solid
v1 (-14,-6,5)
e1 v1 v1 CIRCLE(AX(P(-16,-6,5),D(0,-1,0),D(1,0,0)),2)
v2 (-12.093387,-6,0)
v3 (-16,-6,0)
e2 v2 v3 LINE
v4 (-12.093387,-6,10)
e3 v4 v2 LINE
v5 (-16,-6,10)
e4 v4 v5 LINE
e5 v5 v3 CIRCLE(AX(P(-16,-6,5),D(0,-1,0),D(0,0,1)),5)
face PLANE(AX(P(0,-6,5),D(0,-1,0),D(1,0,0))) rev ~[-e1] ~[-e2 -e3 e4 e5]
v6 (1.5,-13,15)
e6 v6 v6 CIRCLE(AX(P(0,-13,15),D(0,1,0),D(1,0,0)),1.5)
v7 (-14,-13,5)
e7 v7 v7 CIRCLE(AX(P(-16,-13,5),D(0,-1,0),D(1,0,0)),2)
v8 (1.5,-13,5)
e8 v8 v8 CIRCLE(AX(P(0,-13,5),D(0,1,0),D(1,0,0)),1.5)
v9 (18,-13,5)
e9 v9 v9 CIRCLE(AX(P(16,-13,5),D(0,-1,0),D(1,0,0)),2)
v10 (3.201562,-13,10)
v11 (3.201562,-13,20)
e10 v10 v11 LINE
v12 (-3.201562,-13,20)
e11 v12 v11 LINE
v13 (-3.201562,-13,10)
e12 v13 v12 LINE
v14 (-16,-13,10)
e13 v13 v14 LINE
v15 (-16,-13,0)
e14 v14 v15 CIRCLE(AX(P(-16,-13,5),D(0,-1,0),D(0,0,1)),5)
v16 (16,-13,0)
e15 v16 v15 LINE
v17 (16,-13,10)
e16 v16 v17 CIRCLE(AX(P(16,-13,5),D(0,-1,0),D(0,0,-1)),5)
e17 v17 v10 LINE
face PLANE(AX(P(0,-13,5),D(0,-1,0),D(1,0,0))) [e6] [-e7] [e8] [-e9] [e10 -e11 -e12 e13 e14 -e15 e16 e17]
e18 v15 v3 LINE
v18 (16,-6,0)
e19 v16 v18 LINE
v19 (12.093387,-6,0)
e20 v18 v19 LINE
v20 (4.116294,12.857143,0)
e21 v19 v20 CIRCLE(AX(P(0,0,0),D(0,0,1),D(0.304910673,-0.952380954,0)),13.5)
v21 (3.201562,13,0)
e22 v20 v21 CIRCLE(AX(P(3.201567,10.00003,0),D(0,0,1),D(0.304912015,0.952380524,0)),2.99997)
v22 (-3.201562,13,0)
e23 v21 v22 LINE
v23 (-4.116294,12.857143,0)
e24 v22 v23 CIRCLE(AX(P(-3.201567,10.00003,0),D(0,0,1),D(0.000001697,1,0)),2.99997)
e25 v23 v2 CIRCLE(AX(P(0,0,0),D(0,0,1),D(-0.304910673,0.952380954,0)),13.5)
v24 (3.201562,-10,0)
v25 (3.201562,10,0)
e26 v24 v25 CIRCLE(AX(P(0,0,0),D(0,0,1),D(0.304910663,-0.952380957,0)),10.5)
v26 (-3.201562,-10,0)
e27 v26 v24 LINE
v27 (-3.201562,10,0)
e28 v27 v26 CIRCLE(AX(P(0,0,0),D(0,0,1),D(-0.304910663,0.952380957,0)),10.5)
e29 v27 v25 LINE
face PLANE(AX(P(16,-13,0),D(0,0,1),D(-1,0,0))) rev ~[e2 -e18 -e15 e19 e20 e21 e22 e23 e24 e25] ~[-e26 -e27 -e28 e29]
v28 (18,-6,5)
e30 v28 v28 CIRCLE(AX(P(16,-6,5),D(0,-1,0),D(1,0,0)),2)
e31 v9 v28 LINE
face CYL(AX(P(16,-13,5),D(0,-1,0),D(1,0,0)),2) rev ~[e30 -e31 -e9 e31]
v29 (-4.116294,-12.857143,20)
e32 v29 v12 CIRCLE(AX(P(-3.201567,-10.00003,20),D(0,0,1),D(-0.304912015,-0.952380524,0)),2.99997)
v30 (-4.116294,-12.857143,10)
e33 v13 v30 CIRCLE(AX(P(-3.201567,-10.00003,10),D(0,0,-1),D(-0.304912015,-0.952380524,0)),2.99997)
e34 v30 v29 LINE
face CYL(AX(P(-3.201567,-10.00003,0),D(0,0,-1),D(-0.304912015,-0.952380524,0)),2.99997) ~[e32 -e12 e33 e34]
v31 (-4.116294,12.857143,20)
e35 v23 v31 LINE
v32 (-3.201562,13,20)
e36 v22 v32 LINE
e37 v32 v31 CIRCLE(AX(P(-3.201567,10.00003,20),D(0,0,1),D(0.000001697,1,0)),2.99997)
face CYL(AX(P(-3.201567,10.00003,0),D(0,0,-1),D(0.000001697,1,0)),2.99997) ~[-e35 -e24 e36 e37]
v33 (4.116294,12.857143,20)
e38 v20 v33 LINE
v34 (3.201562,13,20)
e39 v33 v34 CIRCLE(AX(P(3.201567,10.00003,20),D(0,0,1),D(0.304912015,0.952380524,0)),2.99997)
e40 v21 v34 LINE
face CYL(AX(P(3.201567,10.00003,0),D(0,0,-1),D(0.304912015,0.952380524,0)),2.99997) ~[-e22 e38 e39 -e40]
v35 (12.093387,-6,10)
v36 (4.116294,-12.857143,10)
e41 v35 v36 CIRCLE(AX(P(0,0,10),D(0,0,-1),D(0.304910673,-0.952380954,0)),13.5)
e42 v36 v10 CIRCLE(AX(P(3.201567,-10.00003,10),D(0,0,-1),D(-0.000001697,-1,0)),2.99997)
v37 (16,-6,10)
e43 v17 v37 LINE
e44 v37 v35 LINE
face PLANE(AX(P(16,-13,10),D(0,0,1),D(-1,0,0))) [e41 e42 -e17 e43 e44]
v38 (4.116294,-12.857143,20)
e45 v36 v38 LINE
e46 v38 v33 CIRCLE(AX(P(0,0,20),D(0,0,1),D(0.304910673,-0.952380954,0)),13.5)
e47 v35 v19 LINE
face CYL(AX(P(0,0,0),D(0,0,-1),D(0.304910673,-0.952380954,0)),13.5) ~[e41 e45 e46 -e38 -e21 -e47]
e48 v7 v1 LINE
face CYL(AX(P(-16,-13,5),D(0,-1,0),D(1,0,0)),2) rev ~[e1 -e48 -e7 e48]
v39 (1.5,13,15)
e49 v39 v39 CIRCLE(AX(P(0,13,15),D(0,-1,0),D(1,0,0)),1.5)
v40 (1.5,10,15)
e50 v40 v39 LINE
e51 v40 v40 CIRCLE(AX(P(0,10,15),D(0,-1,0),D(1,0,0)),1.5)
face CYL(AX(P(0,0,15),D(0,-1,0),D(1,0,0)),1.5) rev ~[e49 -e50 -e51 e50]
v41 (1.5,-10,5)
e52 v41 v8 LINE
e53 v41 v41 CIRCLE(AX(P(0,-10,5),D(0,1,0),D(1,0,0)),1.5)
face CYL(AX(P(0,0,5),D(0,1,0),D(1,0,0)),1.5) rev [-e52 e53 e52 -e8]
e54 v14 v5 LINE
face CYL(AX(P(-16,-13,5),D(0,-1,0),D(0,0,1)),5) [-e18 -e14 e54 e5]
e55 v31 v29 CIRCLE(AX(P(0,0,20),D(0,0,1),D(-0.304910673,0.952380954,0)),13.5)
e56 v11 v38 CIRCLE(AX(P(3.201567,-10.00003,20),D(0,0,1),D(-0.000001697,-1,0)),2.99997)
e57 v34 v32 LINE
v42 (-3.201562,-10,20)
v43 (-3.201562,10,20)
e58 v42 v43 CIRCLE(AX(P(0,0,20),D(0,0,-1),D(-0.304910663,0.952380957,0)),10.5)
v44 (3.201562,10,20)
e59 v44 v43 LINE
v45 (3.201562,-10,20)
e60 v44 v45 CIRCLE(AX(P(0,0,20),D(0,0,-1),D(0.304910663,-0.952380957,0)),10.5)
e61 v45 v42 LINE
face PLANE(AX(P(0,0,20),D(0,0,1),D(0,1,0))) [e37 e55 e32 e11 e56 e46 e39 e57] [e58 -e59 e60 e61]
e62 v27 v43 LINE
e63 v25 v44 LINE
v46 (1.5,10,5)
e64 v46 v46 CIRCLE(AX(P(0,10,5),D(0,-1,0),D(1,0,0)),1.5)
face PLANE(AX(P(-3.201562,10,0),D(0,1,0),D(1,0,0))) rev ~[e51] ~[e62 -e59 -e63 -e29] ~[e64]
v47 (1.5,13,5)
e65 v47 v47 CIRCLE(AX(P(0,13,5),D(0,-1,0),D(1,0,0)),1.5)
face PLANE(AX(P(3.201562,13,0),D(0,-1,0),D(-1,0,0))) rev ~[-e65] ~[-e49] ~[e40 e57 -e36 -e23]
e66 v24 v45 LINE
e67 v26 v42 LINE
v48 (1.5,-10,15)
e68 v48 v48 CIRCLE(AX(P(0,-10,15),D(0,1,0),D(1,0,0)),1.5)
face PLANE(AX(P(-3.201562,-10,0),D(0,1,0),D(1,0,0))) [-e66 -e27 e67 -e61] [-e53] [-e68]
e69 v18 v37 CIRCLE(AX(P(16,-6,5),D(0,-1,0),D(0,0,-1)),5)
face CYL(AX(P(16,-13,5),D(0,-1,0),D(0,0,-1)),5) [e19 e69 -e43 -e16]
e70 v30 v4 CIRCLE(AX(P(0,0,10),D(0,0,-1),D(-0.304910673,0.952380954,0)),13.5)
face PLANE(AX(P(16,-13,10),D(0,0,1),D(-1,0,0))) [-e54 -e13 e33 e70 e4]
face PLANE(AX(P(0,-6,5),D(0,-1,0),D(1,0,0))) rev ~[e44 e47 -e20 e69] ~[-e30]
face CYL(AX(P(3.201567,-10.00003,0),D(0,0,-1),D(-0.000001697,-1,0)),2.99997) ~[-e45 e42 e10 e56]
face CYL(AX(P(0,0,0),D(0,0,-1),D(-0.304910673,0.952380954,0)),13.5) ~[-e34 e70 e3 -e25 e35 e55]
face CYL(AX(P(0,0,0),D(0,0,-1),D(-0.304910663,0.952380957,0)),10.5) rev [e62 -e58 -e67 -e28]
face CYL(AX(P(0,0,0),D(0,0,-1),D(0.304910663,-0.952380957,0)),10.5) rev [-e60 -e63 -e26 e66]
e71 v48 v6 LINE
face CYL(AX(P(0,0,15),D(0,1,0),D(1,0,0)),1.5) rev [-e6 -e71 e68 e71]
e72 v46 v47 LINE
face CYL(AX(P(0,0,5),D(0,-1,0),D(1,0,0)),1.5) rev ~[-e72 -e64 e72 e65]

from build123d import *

# Parameters (mm, degrees)
PAD_DEPTH         = 20
SKETCH003_R       = 2
PAD001_DEPTH      = 7
POCKET001_DEPTH   = 20.001
SKETCH002_R       = 1.5
POCKET_DEPTH      = 13.001
POCKET_DEPTH_BACK = -13.001


with BuildPart() as part:
    # Binder → Pad (new body)
    with BuildSketch(Plane(origin=(0, 0, 0), x_dir=(0, 1, 0), z_dir=(0, 0, 1))):
        with BuildLine():
            ThreePointArc((12.857143, 4.116294), (0, 13.5), (-12.857143, 4.116294))
            ThreePointArc((-12.857143, 4.116294), (-12.964071, 3.664472), (-13, 3.201562))
            Line((-13, 3.201562), (-13, -3.201562))
            ThreePointArc((-13, -3.201562), (-12.964071, -3.664472), (-12.857143, -4.116294))
            ThreePointArc((-12.857143, -4.116294), (0, -13.5), (12.857143, -4.116294))
            ThreePointArc((12.857143, -4.116294), (12.964071, -3.664472), (13, -3.201562))
            Line((13, -3.201562), (13, 3.201562))
            ThreePointArc((13, 3.201562), (12.964071, 3.664472), (12.857143, 4.116294))
        make_face()
    extrude(amount=PAD_DEPTH)

    # Sketch003 (on Face3 of Pad) → Pad001 (join)
    with BuildSketch(Plane.XZ.offset(13)):
        with BuildLine():
            ThreePointArc((16, 0), (21, 5), (16, 10))
            Line((16, 10), (-16, 10))
            ThreePointArc((-16, 10), (-21, 5), (-16, 0))
            Line((16, 0), (-16, 0))
        make_face()
        with Locations((16, 5)):
            Circle(SKETCH003_R, mode=Mode.SUBTRACT)
        with Locations((-16, 5)):
            Circle(SKETCH003_R, mode=Mode.SUBTRACT)
    extrude(amount=-PAD001_DEPTH)

    # Sketch → Pocket001 (cut, through all)
    with BuildSketch(Plane.XY):
        with BuildLine():
            ThreePointArc((-3.201562, 10), (-10.5, 0), (-3.201562, -10))
            Line((-3.201562, -10), (3.201562, -10))
            ThreePointArc((3.201562, -10), (10.5, 0), (3.201562, 10))
            Line((-3.201562, 10), (3.201562, 10))
        make_face()
    extrude(amount=POCKET001_DEPTH, mode=Mode.SUBTRACT)

    # Sketch002 → Pocket (cut, two sides)
    with BuildSketch(Plane.XZ) as pocket_sk:
        with Locations((0, 5)):
            Circle(SKETCH002_R)
        with Locations((0, 15)):
            Circle(SKETCH002_R)
    extrude(amount=-POCKET_DEPTH, mode=Mode.SUBTRACT)
    extrude(pocket_sk.sketch, amount=-POCKET_DEPTH_BACK, mode=Mode.SUBTRACT)


solid = part.part
